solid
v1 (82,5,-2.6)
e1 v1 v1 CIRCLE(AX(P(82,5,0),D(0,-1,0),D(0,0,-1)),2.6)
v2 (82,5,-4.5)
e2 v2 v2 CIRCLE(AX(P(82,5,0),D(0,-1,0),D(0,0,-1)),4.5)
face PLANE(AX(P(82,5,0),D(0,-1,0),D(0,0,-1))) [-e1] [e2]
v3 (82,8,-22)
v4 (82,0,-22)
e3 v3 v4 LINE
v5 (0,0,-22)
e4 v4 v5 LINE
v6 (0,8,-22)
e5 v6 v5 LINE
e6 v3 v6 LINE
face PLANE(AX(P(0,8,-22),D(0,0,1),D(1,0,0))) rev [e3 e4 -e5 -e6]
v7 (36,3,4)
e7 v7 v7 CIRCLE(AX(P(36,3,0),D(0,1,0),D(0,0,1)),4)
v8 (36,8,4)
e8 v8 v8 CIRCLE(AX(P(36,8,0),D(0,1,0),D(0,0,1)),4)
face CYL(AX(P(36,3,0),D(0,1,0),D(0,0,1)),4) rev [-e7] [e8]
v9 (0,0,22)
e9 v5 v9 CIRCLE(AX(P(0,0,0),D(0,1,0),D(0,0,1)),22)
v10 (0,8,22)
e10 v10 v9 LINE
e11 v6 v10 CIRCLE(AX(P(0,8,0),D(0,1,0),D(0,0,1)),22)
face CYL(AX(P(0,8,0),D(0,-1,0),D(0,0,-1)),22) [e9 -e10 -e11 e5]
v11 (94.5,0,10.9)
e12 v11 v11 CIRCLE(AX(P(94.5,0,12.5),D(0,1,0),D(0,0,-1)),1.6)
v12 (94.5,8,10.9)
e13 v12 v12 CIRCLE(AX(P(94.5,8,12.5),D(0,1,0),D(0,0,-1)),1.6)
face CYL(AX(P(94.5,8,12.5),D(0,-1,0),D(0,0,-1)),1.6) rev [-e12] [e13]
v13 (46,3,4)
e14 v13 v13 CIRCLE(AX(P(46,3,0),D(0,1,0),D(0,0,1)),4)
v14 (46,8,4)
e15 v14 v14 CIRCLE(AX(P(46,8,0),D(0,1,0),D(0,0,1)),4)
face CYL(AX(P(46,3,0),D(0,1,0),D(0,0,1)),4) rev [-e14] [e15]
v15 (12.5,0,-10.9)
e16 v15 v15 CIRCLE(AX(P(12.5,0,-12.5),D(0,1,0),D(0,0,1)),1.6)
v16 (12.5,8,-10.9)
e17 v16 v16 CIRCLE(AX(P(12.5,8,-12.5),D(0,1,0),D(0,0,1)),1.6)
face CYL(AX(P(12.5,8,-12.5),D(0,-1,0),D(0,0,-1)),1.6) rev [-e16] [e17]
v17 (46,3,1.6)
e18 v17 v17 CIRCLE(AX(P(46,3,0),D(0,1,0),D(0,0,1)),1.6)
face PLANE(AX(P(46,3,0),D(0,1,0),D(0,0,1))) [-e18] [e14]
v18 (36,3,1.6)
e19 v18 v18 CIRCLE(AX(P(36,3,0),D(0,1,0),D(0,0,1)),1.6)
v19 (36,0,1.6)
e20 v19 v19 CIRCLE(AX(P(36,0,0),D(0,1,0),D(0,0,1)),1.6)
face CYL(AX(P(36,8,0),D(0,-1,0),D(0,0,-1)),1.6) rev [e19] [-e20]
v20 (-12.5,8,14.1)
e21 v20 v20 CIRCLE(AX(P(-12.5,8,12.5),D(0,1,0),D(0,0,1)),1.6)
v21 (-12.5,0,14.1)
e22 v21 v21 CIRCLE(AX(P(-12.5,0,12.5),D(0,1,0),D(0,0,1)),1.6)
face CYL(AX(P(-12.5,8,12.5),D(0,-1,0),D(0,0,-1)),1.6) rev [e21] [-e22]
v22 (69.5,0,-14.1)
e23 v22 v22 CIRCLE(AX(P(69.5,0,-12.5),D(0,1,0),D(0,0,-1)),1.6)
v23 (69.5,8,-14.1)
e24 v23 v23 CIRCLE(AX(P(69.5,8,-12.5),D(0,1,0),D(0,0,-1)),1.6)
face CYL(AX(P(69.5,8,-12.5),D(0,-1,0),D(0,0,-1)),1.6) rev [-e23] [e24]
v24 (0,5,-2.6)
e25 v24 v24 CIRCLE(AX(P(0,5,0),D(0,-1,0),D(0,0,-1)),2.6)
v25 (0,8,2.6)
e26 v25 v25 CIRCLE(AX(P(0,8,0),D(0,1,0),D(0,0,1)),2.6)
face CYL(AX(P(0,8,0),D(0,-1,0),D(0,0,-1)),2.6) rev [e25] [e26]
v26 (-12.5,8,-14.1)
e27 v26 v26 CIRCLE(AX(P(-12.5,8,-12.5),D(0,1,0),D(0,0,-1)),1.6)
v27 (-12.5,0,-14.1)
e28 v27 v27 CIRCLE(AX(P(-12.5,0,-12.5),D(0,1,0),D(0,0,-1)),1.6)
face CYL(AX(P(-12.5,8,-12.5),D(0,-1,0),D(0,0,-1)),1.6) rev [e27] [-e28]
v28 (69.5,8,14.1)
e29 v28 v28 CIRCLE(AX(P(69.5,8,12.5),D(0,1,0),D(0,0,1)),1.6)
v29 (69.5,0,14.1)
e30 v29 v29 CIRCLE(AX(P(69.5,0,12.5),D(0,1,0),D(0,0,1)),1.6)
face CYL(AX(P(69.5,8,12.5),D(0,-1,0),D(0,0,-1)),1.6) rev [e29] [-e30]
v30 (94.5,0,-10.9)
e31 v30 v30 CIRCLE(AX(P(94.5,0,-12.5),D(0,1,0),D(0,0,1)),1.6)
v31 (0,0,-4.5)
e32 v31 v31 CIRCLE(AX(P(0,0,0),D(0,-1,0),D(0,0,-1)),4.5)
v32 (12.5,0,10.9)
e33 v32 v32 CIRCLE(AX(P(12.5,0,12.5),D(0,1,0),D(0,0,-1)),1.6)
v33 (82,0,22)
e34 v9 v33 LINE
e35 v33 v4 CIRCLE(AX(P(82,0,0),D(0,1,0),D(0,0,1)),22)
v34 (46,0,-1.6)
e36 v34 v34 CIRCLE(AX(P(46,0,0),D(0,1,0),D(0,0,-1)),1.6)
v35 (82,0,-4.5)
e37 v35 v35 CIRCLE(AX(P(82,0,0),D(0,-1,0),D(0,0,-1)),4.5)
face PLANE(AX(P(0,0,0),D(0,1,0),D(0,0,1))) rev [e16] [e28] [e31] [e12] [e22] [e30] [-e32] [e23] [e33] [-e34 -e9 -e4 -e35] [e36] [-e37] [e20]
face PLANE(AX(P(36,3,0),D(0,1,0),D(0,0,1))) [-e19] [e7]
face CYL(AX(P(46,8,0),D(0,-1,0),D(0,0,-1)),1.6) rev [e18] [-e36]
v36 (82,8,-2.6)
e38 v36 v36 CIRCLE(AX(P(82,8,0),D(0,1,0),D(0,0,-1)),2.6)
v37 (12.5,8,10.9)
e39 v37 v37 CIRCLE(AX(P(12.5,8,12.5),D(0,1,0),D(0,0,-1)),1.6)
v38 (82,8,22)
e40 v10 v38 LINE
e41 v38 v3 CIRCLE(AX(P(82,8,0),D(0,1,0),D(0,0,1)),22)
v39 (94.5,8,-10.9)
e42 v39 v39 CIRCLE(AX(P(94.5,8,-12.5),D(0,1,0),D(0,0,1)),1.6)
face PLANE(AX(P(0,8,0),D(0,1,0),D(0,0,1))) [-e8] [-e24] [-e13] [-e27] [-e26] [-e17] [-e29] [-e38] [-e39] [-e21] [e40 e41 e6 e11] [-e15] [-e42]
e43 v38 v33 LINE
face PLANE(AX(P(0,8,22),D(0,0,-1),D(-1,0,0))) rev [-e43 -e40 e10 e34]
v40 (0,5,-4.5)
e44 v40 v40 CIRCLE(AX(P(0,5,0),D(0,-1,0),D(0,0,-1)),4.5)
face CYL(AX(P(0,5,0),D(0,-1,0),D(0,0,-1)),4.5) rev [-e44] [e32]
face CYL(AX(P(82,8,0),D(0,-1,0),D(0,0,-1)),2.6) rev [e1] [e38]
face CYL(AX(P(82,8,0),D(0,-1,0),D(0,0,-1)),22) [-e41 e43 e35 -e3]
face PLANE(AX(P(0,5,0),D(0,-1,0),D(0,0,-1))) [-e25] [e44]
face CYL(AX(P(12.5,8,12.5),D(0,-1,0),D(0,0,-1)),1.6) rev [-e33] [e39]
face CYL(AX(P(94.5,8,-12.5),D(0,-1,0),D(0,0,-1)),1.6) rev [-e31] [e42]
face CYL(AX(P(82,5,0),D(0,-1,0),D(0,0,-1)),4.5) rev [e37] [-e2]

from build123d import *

# Parameters (mm, degrees)
SKETCH_1_R          = 2.6
SKETCH_1_R_2        = 1.6
EXTRUDE_1_DEPTH     = 8
SKETCH_2_R          = 4.5
CUT_EXTRUDE_1_DEPTH = 5
SKETCH_3_R          = 4
CUT_EXTRUDE_2_DEPTH = 5


with BuildPart() as part:
    # 草图1 → 凸台-拉伸1 (new body)
    with BuildSketch(Plane(origin=(0, 0, 0), x_dir=(1, 0, 0), z_dir=(0, 1, 0))):
        with BuildLine():
            Line((0, 22), (82, 22))
            ThreePointArc((82, 22), (104, 0), (82, -22))
            Line((82, -22), (0, -22))
            ThreePointArc((0, -22), (-22, 0), (0, 22))
        make_face()
        with Locations(Location((0, 0, 0), (0, 0, 270))):
            Circle(SKETCH_1_R, mode=Mode.SUBTRACT)
        with Locations(Location((82, 0, 0), (0, 0, 90))):
            Circle(SKETCH_1_R, mode=Mode.SUBTRACT)
        with Locations(Location((12.5, 12.5, 0), (0, 0, 270))):
            Circle(SKETCH_1_R_2, mode=Mode.SUBTRACT)
        with Locations(Location((-12.5, 12.5, 0), (0, 0, 90))):
            Circle(SKETCH_1_R_2, mode=Mode.SUBTRACT)
        with Locations(Location((12.5, -12.5, 0), (0, 0, 90))):
            Circle(SKETCH_1_R_2, mode=Mode.SUBTRACT)
        with Locations(Location((-12.5, -12.5, 0), (0, 0, 270))):
            Circle(SKETCH_1_R_2, mode=Mode.SUBTRACT)
        with Locations(Location((94.5, -12.5, 0), (0, 0, 90))):
            Circle(SKETCH_1_R_2, mode=Mode.SUBTRACT)
        with Locations(Location((69.5, -12.5, 0), (0, 0, 270))):
            Circle(SKETCH_1_R_2, mode=Mode.SUBTRACT)
        with Locations(Location((69.5, 12.5, 0), (0, 0, 90))):
            Circle(SKETCH_1_R_2, mode=Mode.SUBTRACT)
        with Locations(Location((94.5, 12.5, 0), (0, 0, 270))):
            Circle(SKETCH_1_R_2, mode=Mode.SUBTRACT)
        with Locations(Location((36, 0, 0), (0, 0, 270))):
            Circle(SKETCH_1_R_2, mode=Mode.SUBTRACT)
        with Locations(Location((46, 0, 0), (0, 0, 90))):
            Circle(SKETCH_1_R_2, mode=Mode.SUBTRACT)
    extrude(amount=EXTRUDE_1_DEPTH)

    # 草图2 → 切除-拉伸1 (cut)
    with BuildSketch(Plane(origin=(0, 0, 0), x_dir=(-1, 0, 0), z_dir=(0, -1, 0))):
        with Locations(Location((0, 0, 0), (0, 0, 90))):
            Circle(SKETCH_2_R)
        with Locations(Location((-82, 0, 0), (0, 0, 90))):
            Circle(SKETCH_2_R)
    extrude(amount=-CUT_EXTRUDE_1_DEPTH, mode=Mode.SUBTRACT)

    # 草图3 → 切除-拉伸2 (cut)
    with BuildSketch(Plane(origin=(0, 8, 0), x_dir=(1, 0, 0), z_dir=(0, 1, 0))):
        with Locations(Location((36, 0, 0), (0, 0, 270))):
            Circle(SKETCH_3_R)
        with Locations(Location((46, 0, 0), (0, 0, 270))):
            Circle(SKETCH_3_R)
    extrude(amount=-CUT_EXTRUDE_2_DEPTH, mode=Mode.SUBTRACT)


solid = part.part
